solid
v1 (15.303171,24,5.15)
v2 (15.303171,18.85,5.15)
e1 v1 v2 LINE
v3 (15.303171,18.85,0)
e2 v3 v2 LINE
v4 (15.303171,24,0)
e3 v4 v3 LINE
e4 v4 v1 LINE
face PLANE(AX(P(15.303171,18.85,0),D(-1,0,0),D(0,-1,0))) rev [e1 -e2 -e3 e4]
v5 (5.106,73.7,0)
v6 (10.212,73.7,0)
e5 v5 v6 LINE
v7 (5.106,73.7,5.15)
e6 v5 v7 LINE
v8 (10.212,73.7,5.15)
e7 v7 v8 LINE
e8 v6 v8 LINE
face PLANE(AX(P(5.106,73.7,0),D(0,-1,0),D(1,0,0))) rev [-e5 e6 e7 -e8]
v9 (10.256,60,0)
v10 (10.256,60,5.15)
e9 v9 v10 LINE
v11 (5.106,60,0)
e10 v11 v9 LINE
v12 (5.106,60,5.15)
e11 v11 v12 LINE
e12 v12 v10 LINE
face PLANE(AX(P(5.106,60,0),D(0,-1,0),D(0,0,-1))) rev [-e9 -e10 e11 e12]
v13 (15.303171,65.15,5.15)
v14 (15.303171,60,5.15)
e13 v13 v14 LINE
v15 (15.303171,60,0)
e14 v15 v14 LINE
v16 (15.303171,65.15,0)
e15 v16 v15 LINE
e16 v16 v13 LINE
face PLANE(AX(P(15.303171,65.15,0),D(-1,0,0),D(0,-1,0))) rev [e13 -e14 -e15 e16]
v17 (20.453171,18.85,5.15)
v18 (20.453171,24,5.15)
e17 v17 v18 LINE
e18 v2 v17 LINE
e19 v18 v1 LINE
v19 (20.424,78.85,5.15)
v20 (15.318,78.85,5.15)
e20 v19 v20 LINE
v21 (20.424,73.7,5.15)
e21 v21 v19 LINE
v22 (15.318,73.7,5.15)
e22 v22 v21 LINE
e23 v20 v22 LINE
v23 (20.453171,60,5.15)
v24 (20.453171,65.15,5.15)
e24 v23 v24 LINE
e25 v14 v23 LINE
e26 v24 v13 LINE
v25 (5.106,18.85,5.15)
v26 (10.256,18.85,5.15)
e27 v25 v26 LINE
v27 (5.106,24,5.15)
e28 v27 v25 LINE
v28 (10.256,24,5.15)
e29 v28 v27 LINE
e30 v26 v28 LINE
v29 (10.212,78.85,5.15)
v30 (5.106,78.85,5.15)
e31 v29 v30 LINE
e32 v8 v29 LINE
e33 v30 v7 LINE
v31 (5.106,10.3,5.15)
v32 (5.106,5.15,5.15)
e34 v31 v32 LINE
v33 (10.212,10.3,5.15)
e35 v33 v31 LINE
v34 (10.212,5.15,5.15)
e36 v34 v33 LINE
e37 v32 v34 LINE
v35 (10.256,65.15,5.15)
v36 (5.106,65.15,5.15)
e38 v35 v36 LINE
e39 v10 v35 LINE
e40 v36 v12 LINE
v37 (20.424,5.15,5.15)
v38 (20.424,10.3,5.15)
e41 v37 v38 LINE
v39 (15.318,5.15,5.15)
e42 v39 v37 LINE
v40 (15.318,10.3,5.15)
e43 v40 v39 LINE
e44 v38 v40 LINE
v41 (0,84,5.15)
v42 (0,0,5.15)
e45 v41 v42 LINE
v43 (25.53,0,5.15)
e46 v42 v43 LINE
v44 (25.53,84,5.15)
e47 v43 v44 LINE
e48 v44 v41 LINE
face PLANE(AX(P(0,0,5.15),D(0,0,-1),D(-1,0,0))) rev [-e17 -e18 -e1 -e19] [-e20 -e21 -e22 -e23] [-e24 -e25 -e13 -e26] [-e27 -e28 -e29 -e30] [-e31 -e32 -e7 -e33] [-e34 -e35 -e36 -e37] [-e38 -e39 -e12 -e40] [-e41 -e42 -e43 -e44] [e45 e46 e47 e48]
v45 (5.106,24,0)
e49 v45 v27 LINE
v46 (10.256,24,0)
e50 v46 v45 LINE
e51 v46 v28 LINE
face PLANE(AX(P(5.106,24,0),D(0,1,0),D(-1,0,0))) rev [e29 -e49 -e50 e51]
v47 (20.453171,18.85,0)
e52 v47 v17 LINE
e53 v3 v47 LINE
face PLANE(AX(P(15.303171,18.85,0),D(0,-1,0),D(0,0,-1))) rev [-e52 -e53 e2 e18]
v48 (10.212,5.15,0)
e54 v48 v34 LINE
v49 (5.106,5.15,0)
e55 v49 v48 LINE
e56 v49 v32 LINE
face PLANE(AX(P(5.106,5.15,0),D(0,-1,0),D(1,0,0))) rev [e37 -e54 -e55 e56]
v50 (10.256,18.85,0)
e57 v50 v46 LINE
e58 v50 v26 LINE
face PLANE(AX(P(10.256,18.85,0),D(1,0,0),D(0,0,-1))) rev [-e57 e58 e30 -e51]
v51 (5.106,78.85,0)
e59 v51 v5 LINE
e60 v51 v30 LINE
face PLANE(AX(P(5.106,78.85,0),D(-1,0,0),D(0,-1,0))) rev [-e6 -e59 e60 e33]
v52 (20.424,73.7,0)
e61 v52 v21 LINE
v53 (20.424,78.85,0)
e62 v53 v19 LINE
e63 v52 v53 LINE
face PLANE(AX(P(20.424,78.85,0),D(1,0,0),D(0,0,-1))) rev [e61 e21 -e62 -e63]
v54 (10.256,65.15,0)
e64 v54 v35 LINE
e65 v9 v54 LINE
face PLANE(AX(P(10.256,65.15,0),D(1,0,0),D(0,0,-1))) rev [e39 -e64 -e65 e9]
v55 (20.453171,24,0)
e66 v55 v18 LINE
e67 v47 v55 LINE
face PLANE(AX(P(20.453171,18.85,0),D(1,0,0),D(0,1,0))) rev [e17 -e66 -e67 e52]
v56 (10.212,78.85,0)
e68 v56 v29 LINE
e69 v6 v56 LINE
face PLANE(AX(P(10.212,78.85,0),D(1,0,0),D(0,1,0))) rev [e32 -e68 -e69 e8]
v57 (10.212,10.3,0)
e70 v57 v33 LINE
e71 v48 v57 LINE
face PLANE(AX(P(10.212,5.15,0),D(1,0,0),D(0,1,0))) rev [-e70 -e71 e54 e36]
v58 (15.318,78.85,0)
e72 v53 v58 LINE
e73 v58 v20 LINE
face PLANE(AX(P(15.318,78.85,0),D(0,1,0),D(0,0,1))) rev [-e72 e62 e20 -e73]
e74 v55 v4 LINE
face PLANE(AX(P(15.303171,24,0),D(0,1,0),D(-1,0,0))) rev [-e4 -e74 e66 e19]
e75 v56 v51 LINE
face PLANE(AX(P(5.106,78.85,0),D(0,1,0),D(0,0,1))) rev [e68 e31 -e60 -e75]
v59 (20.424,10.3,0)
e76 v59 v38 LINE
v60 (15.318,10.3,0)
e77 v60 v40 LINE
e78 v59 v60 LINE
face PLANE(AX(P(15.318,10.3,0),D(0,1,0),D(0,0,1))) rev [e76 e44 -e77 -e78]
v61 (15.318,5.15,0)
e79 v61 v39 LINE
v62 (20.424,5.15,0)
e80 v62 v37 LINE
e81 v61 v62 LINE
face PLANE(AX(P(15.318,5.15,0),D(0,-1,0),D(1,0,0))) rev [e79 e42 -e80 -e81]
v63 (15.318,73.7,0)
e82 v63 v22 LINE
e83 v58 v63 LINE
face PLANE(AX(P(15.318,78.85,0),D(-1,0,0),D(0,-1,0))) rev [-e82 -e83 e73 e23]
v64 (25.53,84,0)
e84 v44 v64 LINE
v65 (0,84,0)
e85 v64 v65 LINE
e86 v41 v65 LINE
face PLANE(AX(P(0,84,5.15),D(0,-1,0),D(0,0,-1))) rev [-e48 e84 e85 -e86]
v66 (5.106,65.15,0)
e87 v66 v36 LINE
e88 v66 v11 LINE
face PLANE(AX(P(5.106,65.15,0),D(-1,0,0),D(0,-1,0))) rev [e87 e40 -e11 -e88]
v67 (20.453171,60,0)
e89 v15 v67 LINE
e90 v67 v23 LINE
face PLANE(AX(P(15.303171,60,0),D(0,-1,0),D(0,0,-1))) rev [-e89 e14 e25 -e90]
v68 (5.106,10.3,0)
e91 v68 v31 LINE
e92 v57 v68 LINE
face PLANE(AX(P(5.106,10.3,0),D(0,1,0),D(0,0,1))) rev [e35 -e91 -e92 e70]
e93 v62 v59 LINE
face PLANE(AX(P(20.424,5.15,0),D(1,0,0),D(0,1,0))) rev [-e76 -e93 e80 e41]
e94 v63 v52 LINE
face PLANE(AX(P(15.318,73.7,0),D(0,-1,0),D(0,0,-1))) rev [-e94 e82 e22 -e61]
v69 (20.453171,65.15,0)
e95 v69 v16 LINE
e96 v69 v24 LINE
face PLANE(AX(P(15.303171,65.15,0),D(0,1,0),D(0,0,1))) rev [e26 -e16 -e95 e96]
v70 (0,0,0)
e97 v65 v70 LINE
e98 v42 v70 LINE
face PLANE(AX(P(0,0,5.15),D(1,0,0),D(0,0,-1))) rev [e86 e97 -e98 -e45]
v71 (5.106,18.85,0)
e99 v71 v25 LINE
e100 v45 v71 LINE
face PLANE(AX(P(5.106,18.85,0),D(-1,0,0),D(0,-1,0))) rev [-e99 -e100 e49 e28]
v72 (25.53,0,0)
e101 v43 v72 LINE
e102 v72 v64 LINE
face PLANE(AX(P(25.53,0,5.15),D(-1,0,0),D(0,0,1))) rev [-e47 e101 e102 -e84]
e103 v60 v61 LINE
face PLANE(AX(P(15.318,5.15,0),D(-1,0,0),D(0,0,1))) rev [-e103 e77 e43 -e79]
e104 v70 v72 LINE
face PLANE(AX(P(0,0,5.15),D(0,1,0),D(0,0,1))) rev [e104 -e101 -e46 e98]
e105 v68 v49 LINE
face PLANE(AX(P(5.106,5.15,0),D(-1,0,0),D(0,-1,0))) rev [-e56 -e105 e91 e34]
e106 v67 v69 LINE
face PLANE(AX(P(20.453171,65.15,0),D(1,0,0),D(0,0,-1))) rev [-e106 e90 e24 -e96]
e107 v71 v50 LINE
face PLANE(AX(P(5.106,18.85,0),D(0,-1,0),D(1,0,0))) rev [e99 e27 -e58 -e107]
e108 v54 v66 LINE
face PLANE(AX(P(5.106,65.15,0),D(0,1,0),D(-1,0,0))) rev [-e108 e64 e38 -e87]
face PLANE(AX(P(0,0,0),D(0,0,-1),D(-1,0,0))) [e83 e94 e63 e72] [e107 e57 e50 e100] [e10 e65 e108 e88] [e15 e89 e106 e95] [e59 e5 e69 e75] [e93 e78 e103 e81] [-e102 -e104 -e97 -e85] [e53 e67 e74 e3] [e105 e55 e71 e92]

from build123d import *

# Parameters (mm, degrees)
SKETCH1_W           = 25.53
SKETCH1_H           = 84
BOSS_EXTRUDE1_DEPTH = 5.15
SKETCH2_W           = 5.106
SKETCH2_H           = 5.15
SKETCH2_W_2         = 5.15
CUT_EXTRUDE1_DEPTH  = 6.15


with BuildPart() as part:
    # Sketch1 → Boss-Extrude1 (new body)
    with BuildSketch(Plane.XY):
        with Locations((12.765, 42)):
            Rectangle(SKETCH1_W, SKETCH1_H)
    extrude(amount=BOSS_EXTRUDE1_DEPTH)

    # Sketch2 → Cut-Extrude1 (cut, through all)
    with BuildSketch(Plane.XY.offset(5.15)):
        with Locations((7.659, 76.275)):
            Rectangle(SKETCH2_W, SKETCH2_H)
        with Locations((17.871, 76.275)):
            Rectangle(SKETCH2_W, SKETCH2_H)
        with Locations((17.878171498, 21.425)):
            Rectangle(SKETCH2_W_2, SKETCH2_H)
        with Locations((7.681, 62.575)):
            Rectangle(SKETCH2_W_2, SKETCH2_H)
        with Locations((17.878171498, 62.575)):
            Rectangle(SKETCH2_W_2, SKETCH2_H)
        with Locations((7.681, 21.425)):
            Rectangle(SKETCH2_W_2, SKETCH2_H)
        with Locations((17.871, 7.725)):
            Rectangle(SKETCH2_W, SKETCH2_H)
        with Locations((7.659, 7.725)):
            Rectangle(SKETCH2_W, SKETCH2_H)
    extrude(amount=-CUT_EXTRUDE1_DEPTH, mode=Mode.SUBTRACT)


solid = part.part
